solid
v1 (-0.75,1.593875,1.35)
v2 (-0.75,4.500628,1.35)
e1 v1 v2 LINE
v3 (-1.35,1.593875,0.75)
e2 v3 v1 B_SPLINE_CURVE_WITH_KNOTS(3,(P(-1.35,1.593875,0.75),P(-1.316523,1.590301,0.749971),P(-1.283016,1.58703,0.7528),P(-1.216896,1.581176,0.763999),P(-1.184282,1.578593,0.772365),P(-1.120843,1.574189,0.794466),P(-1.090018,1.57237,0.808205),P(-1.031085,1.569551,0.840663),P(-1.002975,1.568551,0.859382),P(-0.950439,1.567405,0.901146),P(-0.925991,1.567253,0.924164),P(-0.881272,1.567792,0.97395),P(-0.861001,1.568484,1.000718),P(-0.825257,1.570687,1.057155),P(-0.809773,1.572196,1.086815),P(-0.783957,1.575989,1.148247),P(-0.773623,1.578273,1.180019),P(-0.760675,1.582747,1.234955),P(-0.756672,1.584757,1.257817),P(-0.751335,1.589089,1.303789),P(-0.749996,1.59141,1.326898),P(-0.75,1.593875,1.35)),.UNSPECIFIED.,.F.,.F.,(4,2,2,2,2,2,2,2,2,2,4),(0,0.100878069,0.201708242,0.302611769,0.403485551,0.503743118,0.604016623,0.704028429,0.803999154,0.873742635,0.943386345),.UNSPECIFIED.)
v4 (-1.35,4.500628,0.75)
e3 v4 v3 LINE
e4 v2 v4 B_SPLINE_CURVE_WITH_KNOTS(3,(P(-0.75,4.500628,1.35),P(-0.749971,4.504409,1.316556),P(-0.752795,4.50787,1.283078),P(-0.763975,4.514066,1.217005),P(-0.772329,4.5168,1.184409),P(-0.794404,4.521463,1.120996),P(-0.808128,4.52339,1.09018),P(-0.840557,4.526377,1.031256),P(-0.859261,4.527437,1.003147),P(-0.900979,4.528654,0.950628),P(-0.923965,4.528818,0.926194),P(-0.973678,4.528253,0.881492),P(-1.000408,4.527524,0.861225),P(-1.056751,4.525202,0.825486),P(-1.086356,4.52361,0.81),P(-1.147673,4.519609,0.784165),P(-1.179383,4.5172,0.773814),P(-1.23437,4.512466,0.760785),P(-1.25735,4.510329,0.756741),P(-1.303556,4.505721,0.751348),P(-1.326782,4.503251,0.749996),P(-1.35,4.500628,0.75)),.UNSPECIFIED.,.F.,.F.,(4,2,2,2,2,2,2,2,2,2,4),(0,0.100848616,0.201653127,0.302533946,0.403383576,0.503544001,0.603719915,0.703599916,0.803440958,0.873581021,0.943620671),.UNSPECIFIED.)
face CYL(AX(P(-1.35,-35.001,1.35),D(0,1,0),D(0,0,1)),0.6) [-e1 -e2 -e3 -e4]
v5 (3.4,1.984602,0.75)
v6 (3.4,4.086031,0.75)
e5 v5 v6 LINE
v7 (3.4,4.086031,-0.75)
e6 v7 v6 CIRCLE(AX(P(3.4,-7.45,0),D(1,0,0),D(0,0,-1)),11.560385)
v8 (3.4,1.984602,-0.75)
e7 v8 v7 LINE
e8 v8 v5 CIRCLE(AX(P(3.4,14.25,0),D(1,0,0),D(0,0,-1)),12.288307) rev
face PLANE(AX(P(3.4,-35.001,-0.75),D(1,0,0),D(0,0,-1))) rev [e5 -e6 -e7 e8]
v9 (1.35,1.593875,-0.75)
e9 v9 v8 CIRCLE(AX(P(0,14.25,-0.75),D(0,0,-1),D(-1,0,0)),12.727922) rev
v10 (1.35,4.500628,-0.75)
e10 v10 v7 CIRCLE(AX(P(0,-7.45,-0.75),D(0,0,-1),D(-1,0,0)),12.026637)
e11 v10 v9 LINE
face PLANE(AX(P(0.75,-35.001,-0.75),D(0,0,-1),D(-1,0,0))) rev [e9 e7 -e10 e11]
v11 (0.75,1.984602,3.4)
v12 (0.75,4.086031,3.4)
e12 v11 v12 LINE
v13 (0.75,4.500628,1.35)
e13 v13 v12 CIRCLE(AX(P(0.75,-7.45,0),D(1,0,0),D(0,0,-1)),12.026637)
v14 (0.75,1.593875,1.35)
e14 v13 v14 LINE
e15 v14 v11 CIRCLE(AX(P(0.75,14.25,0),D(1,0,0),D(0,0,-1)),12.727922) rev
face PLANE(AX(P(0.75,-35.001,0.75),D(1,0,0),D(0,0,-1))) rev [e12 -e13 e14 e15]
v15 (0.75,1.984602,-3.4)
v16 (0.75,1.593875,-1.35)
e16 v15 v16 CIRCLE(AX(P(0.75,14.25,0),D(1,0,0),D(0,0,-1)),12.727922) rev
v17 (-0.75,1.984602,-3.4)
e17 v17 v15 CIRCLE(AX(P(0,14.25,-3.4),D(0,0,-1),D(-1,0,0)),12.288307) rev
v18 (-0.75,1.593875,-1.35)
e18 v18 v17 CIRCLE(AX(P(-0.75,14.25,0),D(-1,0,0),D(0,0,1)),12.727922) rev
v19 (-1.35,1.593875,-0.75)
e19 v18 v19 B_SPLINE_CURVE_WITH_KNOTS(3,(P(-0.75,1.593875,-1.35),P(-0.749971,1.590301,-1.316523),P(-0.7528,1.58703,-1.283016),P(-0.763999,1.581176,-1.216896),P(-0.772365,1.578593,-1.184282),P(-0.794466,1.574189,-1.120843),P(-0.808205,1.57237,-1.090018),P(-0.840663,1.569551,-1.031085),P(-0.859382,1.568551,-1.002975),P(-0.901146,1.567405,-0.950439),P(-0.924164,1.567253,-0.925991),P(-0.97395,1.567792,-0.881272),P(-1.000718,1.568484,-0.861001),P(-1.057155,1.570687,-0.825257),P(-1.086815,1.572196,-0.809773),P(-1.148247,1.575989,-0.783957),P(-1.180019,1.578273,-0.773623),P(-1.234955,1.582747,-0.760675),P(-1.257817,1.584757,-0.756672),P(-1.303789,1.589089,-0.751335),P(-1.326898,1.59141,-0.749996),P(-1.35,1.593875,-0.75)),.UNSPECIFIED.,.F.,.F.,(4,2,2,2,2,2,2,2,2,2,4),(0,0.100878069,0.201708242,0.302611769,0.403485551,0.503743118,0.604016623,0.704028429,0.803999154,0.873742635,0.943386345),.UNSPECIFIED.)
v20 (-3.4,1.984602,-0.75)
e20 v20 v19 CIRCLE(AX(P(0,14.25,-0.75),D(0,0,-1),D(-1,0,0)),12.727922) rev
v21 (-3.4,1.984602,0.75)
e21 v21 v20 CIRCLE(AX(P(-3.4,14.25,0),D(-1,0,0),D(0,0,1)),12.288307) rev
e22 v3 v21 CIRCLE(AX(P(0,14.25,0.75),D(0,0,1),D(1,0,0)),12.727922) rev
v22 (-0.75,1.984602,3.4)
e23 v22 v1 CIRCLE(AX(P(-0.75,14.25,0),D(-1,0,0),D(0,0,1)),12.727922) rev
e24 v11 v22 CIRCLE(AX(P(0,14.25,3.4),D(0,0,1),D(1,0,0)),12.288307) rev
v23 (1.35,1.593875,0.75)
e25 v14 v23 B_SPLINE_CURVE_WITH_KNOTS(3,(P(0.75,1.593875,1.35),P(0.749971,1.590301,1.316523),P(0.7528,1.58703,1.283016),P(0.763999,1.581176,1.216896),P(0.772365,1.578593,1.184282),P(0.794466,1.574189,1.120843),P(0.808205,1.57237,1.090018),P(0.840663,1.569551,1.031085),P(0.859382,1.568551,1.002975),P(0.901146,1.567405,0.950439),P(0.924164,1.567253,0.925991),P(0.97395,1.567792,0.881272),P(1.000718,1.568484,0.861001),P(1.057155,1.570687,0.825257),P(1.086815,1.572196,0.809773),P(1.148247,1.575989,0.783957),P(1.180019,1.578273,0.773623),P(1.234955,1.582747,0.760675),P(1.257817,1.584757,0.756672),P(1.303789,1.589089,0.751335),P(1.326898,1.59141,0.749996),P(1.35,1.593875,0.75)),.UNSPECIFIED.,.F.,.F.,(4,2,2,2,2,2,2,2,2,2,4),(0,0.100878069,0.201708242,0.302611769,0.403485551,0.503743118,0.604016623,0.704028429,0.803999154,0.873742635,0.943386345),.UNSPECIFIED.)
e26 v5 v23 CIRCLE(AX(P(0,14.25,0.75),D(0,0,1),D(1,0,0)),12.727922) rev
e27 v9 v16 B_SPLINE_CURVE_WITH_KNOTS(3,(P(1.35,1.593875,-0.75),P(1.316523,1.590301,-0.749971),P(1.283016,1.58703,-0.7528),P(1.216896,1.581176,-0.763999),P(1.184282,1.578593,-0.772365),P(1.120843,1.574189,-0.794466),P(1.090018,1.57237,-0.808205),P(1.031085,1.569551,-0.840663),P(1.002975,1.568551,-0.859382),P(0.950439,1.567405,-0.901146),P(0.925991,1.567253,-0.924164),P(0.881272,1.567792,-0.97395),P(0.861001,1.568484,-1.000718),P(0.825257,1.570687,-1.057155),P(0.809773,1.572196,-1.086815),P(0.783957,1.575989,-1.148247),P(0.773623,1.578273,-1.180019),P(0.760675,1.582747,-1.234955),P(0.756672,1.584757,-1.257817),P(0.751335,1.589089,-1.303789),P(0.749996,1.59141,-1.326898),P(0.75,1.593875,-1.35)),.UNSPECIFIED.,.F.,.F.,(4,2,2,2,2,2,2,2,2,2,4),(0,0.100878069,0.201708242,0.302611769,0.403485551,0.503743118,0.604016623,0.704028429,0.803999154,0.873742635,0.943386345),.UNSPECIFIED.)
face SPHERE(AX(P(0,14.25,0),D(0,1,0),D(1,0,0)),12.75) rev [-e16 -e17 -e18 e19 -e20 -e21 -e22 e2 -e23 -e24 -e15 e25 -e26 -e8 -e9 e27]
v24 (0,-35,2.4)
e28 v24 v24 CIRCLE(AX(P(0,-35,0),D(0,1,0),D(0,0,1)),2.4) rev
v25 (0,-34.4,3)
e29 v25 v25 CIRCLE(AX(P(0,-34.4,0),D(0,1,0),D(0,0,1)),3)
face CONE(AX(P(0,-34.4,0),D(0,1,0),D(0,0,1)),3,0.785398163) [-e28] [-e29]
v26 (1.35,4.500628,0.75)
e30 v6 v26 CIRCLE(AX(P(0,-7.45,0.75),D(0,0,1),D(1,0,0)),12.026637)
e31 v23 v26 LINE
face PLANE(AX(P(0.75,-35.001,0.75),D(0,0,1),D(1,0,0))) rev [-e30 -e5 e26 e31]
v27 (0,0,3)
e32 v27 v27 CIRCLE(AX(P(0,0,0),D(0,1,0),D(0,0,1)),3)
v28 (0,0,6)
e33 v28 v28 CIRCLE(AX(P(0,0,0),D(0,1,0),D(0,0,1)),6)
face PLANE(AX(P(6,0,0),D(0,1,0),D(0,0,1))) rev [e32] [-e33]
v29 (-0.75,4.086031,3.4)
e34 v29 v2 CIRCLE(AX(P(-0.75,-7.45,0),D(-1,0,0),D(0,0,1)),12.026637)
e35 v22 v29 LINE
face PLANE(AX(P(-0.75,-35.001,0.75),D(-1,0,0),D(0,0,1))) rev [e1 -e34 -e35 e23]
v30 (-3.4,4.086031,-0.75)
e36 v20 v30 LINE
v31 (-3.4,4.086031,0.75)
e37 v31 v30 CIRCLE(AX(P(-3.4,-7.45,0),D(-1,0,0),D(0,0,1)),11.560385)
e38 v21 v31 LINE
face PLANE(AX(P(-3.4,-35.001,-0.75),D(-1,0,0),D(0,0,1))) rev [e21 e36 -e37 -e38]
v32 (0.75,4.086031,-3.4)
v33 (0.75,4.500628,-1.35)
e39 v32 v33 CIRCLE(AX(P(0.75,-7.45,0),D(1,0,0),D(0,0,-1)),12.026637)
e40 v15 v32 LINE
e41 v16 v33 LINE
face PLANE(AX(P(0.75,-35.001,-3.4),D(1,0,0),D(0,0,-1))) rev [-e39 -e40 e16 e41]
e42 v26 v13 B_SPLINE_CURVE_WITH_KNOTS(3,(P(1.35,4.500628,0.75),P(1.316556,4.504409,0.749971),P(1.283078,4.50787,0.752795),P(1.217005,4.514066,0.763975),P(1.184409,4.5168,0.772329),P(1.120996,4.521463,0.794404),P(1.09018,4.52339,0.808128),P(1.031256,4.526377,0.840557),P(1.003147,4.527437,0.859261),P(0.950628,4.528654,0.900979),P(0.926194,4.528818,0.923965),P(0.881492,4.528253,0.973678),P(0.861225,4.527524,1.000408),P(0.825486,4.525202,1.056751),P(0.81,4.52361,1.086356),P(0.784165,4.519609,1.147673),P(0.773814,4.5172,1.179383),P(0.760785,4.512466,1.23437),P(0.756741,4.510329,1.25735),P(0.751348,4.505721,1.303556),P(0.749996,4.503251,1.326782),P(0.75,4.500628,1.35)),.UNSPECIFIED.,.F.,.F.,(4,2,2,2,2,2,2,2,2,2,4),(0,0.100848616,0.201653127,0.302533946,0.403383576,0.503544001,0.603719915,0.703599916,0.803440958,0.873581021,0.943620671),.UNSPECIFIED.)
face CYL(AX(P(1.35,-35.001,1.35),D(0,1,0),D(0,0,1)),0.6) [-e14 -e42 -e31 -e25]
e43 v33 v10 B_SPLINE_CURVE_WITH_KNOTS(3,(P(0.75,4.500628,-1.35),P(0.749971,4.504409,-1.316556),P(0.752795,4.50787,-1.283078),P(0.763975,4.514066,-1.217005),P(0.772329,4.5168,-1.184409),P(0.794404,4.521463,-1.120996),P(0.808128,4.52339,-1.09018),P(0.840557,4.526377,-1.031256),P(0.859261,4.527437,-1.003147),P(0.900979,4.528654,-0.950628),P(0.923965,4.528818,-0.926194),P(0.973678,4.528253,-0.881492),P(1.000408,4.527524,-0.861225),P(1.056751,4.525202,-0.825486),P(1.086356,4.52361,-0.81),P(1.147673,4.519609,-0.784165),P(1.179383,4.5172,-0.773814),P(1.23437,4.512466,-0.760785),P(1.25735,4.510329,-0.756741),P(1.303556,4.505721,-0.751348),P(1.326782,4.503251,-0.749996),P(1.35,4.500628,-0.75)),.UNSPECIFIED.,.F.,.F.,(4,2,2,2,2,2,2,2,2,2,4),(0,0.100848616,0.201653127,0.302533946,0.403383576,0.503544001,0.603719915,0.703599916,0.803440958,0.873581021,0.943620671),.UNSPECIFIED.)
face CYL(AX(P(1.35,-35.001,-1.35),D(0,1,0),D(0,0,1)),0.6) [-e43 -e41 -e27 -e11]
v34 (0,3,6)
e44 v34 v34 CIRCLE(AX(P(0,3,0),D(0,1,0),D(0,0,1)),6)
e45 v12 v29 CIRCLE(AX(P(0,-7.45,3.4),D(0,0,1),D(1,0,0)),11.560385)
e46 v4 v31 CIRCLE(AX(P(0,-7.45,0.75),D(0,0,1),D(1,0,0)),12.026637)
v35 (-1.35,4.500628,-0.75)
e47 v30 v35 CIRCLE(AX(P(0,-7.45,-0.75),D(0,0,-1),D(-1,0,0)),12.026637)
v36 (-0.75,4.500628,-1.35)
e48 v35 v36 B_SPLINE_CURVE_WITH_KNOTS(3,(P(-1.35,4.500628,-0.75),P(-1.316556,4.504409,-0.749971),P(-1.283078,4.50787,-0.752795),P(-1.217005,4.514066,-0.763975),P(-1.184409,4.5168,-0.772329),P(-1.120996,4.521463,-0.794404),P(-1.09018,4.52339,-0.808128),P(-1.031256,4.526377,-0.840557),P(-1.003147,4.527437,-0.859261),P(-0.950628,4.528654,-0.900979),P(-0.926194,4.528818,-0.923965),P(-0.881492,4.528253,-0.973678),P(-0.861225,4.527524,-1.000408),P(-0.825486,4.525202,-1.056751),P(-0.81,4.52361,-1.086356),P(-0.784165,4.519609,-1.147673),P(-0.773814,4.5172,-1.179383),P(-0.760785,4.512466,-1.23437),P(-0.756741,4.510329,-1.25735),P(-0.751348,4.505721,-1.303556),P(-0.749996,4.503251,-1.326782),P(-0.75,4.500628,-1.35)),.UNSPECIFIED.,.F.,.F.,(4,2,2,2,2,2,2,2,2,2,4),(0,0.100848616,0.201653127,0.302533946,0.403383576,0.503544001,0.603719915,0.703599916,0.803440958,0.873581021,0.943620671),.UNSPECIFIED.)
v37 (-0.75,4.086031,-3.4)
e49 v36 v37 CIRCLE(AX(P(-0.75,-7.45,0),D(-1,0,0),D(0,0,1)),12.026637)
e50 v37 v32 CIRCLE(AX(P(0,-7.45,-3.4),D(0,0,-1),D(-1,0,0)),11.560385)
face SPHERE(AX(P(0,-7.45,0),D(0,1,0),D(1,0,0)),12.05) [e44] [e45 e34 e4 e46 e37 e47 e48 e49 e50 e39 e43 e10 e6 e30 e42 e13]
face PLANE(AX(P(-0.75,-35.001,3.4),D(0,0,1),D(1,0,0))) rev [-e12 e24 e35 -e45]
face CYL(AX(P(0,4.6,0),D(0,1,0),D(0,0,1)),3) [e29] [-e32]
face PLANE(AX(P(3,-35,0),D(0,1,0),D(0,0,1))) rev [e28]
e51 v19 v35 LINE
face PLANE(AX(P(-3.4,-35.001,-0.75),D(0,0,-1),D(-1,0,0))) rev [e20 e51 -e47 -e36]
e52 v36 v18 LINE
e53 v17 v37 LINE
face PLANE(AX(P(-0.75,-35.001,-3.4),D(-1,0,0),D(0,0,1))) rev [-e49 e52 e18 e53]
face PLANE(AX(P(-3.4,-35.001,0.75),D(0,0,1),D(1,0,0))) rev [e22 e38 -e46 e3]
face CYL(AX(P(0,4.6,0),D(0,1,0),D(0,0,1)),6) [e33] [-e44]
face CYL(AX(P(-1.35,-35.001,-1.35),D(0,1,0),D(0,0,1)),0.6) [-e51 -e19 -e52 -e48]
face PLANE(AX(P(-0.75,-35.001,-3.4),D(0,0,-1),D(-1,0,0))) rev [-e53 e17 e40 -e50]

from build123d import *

# Parameters (mm, degrees)
CUT_EXTRUDE1_REACH      = 58.014
CUT_EXTRUDE1_END_RADIUS = 12.75
CUT_EXTRUDE1_START      = 20
FILLET1_R               = 0.6
CHAMFER1_SIZE           = 0.6


with BuildPart() as part:
    # Sketch1 → Revolve1 (revolve)
    with BuildSketch(Plane.XY, mode=Mode.PRIVATE) as revolve1_sk:
        with BuildLine():
            Line((0, 0), (0, 4.6))
            ThreePointArc((0, 4.6), (3.104834939, 4.193131022), (6, 3))
            Line((6, 3), (6, 0))
            Line((6, 0), (3, 0))
            Line((3, 0), (3, -35))
            Line((3, -35), (0, -35))
            Line((0, -35), (0, 0))
        make_face()
    revolve(revolve1_sk.sketch.rotate(Axis((0, 4.6, 0), (0, -1, 0)), 90), axis=Axis((0, 4.6, 0), (0, -1, 0)))

    # Cut-Extrude1: up to this sphere (the profile starts inside it)
    cut_extrude1_end = Location((0, 14.25, 0)) * Sphere(CUT_EXTRUDE1_END_RADIUS, mode=Mode.PRIVATE)
    # Sketch4 → Cut-Extrude1 (cut, up to the surface)
    with BuildSketch(Plane(origin=(0, 0, 0), x_dir=(1, 0, 0), z_dir=(0, 1, 0)).offset(CUT_EXTRUDE1_START), mode=Mode.PRIVATE) as cut_extrude1_sk1:
        Polygon((-0.75, -0.75), (-0.75, -3.4), (0.75, -3.4), (0.75, -0.75), (3.4, -0.75), (3.4, 0.75), (0.75, 0.75), (0.75, 3.4), (-0.75, 3.4), (-0.75, 0.75), (-3.4, 0.75), (-3.4, -0.75), align=None)
    cut_extrude1_tool1 = extrude(cut_extrude1_sk1.sketch, amount=-CUT_EXTRUDE1_REACH, mode=Mode.PRIVATE) & cut_extrude1_end
    add(cut_extrude1_tool1.solids().sort_by_distance((0, 20, 0))[0], mode=Mode.SUBTRACT)

    # Fillet1
    fillet1_edges = [part.edges().sort_by_distance(p)[0] for p in [
        (0.75, 3.048711486, 0.75),
        (-0.75, 3.048711486, 0.75),
        (-0.75, 3.048711486, -0.75),
        (0.75, 3.048711486, -0.75),
    ]]
    fillet(fillet1_edges, radius=FILLET1_R)

    # Chamfer1
    chamfer1_edges = [part.edges().sort_by_distance(p)[0] for p in [
        (0, -35, -3),
    ]]
    chamfer(chamfer1_edges, length=CHAMFER1_SIZE)


solid = part.part
